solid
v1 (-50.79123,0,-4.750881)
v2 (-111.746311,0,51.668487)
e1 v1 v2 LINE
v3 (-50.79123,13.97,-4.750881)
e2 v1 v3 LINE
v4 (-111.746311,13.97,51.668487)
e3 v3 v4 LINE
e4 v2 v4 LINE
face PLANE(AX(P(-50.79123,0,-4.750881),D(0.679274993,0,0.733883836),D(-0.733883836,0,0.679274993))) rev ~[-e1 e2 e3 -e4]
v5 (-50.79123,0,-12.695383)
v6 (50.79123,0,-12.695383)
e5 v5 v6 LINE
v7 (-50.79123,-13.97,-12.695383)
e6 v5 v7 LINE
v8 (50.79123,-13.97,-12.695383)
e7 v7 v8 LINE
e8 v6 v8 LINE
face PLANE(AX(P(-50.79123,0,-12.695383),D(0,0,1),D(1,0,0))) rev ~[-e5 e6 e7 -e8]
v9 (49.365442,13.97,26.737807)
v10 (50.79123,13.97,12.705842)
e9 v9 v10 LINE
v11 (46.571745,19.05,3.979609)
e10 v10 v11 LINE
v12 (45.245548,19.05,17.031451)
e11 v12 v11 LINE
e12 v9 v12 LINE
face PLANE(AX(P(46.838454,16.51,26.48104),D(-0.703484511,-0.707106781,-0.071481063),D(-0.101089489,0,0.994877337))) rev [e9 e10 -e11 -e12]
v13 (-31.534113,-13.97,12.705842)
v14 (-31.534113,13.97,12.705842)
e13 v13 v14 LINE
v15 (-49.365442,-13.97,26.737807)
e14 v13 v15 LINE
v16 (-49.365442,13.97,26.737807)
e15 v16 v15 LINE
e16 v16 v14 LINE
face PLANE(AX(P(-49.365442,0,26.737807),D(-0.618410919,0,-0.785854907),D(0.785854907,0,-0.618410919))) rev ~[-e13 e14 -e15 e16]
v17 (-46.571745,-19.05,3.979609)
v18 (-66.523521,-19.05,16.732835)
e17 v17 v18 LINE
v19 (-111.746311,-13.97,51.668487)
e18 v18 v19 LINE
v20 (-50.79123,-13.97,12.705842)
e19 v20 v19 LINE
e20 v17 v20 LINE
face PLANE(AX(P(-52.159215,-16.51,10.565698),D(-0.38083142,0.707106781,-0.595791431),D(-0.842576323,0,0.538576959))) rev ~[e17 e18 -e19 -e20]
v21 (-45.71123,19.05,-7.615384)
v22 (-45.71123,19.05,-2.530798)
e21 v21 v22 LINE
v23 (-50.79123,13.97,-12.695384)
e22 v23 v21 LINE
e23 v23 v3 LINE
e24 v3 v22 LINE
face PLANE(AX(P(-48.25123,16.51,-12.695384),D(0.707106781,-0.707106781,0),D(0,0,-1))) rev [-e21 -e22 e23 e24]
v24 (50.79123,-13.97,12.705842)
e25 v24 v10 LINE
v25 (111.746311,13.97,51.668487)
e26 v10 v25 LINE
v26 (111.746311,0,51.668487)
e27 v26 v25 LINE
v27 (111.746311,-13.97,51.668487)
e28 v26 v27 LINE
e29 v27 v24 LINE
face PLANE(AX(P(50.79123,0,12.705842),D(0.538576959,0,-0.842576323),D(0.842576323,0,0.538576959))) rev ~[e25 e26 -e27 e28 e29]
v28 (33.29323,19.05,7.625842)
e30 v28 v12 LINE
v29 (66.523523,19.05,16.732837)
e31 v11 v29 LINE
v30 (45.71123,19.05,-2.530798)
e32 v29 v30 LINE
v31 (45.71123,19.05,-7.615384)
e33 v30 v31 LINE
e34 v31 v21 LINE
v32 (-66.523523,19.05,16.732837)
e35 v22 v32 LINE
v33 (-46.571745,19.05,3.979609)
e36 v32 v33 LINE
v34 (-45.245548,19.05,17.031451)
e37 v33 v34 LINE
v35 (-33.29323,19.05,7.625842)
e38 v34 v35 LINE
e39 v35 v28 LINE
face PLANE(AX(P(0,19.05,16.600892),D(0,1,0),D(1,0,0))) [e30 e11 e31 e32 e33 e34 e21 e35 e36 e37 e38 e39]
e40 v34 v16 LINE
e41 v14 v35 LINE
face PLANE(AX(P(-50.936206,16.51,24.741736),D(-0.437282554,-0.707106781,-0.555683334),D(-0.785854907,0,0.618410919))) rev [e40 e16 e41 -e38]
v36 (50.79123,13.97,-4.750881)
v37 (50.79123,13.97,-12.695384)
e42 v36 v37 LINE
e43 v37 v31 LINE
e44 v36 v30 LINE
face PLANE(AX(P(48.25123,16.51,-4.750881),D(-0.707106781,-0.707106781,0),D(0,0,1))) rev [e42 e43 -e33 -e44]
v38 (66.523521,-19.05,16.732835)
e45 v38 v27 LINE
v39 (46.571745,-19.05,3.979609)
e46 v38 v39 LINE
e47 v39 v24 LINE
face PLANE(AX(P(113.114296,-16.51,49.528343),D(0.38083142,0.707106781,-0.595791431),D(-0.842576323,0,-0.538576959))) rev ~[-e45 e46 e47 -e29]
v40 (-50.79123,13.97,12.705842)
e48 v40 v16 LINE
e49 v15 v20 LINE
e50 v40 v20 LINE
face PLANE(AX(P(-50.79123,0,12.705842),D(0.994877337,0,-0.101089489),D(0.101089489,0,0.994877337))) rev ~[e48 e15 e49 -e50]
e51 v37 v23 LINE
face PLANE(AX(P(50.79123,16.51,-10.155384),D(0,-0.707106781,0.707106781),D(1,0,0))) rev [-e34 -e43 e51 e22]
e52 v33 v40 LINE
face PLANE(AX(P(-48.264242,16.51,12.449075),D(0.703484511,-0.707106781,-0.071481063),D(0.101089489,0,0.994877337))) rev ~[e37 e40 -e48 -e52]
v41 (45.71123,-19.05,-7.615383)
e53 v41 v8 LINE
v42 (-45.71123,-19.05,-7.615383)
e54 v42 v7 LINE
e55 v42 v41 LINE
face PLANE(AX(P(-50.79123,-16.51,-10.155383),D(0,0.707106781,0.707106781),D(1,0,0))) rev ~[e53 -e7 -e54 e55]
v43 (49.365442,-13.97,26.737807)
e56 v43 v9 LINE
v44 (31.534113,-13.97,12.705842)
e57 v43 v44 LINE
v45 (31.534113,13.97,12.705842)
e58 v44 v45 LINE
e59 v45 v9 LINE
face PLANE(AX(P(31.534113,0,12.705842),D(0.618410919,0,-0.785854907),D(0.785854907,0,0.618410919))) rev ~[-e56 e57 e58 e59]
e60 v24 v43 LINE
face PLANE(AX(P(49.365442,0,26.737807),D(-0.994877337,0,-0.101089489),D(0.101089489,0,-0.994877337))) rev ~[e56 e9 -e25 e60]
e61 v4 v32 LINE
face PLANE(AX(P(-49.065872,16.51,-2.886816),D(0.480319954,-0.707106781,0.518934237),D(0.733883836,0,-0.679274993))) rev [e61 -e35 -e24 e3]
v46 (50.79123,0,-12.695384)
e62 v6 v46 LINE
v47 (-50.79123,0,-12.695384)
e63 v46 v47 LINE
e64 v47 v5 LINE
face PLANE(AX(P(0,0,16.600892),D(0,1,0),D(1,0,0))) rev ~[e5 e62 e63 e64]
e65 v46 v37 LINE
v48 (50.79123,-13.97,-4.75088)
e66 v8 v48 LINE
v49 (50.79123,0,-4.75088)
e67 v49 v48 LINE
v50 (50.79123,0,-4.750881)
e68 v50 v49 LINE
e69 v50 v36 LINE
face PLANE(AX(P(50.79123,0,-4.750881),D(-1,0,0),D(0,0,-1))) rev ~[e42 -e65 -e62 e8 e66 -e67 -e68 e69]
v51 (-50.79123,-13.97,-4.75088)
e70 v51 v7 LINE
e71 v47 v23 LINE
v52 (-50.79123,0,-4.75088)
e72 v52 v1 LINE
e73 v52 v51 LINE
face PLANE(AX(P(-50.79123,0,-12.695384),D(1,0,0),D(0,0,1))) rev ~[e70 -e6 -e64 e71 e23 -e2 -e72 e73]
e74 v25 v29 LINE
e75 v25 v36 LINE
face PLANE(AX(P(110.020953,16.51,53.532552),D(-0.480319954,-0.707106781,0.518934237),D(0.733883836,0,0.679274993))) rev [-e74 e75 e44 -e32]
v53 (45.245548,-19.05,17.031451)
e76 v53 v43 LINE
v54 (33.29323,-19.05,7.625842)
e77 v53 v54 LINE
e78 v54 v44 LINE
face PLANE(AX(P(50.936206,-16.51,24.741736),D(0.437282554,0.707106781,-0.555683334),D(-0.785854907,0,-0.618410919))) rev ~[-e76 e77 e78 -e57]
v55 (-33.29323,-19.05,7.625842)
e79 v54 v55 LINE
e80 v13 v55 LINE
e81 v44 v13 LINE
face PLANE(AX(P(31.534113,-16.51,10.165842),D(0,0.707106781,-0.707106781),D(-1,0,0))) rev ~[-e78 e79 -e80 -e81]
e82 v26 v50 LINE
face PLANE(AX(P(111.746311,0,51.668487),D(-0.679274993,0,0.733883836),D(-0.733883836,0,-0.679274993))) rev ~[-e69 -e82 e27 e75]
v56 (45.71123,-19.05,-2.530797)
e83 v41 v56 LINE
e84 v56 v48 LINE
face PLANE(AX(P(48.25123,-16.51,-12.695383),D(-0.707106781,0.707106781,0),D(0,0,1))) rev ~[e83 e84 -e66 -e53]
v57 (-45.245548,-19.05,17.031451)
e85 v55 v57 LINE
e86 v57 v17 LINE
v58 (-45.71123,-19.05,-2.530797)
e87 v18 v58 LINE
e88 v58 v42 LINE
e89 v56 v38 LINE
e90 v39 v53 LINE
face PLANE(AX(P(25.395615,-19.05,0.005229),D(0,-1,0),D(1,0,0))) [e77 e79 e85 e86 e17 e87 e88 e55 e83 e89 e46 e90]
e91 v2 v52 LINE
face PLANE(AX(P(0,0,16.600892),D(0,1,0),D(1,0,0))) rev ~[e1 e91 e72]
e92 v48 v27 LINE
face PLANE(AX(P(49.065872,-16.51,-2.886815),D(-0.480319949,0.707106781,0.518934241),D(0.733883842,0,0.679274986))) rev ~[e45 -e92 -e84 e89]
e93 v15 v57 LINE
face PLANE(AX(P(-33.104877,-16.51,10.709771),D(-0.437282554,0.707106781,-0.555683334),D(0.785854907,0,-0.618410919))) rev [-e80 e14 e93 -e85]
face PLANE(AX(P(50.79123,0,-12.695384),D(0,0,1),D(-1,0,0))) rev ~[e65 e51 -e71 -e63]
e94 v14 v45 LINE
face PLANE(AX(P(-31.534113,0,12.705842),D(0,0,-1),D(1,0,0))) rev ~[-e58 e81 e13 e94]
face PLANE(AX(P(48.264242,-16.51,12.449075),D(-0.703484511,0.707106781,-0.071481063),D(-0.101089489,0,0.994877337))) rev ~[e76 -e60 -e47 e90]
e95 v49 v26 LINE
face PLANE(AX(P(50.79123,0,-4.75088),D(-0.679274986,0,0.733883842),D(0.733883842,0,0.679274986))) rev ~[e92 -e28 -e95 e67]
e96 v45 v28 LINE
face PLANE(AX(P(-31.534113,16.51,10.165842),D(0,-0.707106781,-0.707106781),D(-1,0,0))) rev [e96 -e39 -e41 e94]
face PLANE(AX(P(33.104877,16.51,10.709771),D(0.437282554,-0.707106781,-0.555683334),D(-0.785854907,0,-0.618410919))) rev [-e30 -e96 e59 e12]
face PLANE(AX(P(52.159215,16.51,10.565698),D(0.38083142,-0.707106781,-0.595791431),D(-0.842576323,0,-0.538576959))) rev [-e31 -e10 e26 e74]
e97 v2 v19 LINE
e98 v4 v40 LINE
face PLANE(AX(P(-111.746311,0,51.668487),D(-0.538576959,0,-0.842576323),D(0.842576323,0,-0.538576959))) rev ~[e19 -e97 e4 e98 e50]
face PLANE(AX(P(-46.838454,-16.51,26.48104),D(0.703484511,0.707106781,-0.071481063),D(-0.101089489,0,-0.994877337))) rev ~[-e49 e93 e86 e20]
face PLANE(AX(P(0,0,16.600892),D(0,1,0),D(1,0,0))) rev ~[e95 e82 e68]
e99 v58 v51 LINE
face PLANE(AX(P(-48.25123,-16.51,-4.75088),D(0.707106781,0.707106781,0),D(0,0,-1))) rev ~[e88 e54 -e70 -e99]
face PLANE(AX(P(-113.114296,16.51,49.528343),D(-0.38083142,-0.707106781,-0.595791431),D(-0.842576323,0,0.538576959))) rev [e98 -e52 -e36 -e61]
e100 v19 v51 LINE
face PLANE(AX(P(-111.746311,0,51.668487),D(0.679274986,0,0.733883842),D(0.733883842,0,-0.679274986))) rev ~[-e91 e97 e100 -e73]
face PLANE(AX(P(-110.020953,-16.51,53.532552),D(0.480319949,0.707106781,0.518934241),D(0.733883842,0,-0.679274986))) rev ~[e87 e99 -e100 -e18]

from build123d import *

# Parameters (mm, degrees)
F1_DEPTH = 19.05
F2_DEPTH = 19.05
F3_SIZE  = 5.08


with BuildPart() as f1:
    # F0 (on Front) → F1 (new body)
    with BuildSketch(Plane.XZ):
        Polygon((31.534113, 12.705842), (0, 12.705842), (0, -12.695383), (50.79123, -12.695383), (50.79123, -4.75088), (50.79123, 12.705842), align=None)
        Polygon((49.365442, 26.737807), (31.534113, 12.705842), (50.79123, 12.705842), align=None)
        Polygon((111.746311, 51.668487), (50.79123, 12.705842), (50.79123, -4.75088), align=None)
        Polygon((-50.79123, 12.705842), (-31.534113, 12.705842), (-49.365442, 26.737807), align=None)
        Polygon((-50.79123, -4.75088), (-50.79123, 12.705842), (-111.746311, 51.668487), align=None)
        Polygon((0, -12.695383), (0, 12.705842), (-31.534113, 12.705842), (-50.79123, 12.705842), (-50.79123, -4.75088), (-50.79123, -12.695383), align=None)
    extrude(amount=F1_DEPTH)

    # F1_face (on face) → F2 (join)
    with BuildSketch(Plane(origin=(0, 0, 6.605676), x_dir=(1, 0, 0), z_dir=(0, 1, 0))):
        Polygon((-49.365442, -20.132131), (-31.534113, -6.100166), (31.534113, -6.100166), (49.365442, -20.132131), (50.79123, -6.100166), (111.746311, -45.062811), (50.79123, 11.356557), (50.79123, 19.30106), (-50.79123, 19.30106), (-50.79123, 11.356557), (-111.746311, -45.062811), (-50.79123, -6.100166), align=None)
    extrude(amount=F2_DEPTH)

    # F3
    f3_edges = [f1.edges().sort_by_distance(p)[0] for p in [
        (-40.449778, -19.05, 19.721825),
        (-50.078336, -19.05, 19.721825),
        (-81.268771, -19.05, 32.187165),
        (-81.268771, -19.05, 23.458804),
        (-50.79123, -19.05, -8.723132),
        (0, -19.05, -12.695383),
        (50.79123, -19.05, -8.723132),
        (81.268771, -19.05, 23.458804),
        (81.268771, -19.05, 32.187165),
        (50.078336, -19.05, 19.721825),
        (40.449778, -19.05, 19.721825),
        (0, -19.05, 12.705842),
        (-50.078336, 19.05, 19.721825),
        (-40.449778, 19.05, 19.721825),
        (0, 19.05, 12.705842),
        (40.449778, 19.05, 19.721825),
        (50.078336, 19.05, 19.721825),
        (81.268771, 19.05, 32.187165),
        (81.268771, 19.05, 23.458804),
        (50.79123, 19.05, -8.723132),
        (0, 19.05, -12.695383),
        (-50.79123, 19.05, -8.723132),
        (-81.268771, 19.05, 23.458804),
        (-81.268771, 19.05, 32.187165),
    ]]
    chamfer(f3_edges, length=F3_SIZE)


solid = f1.part
